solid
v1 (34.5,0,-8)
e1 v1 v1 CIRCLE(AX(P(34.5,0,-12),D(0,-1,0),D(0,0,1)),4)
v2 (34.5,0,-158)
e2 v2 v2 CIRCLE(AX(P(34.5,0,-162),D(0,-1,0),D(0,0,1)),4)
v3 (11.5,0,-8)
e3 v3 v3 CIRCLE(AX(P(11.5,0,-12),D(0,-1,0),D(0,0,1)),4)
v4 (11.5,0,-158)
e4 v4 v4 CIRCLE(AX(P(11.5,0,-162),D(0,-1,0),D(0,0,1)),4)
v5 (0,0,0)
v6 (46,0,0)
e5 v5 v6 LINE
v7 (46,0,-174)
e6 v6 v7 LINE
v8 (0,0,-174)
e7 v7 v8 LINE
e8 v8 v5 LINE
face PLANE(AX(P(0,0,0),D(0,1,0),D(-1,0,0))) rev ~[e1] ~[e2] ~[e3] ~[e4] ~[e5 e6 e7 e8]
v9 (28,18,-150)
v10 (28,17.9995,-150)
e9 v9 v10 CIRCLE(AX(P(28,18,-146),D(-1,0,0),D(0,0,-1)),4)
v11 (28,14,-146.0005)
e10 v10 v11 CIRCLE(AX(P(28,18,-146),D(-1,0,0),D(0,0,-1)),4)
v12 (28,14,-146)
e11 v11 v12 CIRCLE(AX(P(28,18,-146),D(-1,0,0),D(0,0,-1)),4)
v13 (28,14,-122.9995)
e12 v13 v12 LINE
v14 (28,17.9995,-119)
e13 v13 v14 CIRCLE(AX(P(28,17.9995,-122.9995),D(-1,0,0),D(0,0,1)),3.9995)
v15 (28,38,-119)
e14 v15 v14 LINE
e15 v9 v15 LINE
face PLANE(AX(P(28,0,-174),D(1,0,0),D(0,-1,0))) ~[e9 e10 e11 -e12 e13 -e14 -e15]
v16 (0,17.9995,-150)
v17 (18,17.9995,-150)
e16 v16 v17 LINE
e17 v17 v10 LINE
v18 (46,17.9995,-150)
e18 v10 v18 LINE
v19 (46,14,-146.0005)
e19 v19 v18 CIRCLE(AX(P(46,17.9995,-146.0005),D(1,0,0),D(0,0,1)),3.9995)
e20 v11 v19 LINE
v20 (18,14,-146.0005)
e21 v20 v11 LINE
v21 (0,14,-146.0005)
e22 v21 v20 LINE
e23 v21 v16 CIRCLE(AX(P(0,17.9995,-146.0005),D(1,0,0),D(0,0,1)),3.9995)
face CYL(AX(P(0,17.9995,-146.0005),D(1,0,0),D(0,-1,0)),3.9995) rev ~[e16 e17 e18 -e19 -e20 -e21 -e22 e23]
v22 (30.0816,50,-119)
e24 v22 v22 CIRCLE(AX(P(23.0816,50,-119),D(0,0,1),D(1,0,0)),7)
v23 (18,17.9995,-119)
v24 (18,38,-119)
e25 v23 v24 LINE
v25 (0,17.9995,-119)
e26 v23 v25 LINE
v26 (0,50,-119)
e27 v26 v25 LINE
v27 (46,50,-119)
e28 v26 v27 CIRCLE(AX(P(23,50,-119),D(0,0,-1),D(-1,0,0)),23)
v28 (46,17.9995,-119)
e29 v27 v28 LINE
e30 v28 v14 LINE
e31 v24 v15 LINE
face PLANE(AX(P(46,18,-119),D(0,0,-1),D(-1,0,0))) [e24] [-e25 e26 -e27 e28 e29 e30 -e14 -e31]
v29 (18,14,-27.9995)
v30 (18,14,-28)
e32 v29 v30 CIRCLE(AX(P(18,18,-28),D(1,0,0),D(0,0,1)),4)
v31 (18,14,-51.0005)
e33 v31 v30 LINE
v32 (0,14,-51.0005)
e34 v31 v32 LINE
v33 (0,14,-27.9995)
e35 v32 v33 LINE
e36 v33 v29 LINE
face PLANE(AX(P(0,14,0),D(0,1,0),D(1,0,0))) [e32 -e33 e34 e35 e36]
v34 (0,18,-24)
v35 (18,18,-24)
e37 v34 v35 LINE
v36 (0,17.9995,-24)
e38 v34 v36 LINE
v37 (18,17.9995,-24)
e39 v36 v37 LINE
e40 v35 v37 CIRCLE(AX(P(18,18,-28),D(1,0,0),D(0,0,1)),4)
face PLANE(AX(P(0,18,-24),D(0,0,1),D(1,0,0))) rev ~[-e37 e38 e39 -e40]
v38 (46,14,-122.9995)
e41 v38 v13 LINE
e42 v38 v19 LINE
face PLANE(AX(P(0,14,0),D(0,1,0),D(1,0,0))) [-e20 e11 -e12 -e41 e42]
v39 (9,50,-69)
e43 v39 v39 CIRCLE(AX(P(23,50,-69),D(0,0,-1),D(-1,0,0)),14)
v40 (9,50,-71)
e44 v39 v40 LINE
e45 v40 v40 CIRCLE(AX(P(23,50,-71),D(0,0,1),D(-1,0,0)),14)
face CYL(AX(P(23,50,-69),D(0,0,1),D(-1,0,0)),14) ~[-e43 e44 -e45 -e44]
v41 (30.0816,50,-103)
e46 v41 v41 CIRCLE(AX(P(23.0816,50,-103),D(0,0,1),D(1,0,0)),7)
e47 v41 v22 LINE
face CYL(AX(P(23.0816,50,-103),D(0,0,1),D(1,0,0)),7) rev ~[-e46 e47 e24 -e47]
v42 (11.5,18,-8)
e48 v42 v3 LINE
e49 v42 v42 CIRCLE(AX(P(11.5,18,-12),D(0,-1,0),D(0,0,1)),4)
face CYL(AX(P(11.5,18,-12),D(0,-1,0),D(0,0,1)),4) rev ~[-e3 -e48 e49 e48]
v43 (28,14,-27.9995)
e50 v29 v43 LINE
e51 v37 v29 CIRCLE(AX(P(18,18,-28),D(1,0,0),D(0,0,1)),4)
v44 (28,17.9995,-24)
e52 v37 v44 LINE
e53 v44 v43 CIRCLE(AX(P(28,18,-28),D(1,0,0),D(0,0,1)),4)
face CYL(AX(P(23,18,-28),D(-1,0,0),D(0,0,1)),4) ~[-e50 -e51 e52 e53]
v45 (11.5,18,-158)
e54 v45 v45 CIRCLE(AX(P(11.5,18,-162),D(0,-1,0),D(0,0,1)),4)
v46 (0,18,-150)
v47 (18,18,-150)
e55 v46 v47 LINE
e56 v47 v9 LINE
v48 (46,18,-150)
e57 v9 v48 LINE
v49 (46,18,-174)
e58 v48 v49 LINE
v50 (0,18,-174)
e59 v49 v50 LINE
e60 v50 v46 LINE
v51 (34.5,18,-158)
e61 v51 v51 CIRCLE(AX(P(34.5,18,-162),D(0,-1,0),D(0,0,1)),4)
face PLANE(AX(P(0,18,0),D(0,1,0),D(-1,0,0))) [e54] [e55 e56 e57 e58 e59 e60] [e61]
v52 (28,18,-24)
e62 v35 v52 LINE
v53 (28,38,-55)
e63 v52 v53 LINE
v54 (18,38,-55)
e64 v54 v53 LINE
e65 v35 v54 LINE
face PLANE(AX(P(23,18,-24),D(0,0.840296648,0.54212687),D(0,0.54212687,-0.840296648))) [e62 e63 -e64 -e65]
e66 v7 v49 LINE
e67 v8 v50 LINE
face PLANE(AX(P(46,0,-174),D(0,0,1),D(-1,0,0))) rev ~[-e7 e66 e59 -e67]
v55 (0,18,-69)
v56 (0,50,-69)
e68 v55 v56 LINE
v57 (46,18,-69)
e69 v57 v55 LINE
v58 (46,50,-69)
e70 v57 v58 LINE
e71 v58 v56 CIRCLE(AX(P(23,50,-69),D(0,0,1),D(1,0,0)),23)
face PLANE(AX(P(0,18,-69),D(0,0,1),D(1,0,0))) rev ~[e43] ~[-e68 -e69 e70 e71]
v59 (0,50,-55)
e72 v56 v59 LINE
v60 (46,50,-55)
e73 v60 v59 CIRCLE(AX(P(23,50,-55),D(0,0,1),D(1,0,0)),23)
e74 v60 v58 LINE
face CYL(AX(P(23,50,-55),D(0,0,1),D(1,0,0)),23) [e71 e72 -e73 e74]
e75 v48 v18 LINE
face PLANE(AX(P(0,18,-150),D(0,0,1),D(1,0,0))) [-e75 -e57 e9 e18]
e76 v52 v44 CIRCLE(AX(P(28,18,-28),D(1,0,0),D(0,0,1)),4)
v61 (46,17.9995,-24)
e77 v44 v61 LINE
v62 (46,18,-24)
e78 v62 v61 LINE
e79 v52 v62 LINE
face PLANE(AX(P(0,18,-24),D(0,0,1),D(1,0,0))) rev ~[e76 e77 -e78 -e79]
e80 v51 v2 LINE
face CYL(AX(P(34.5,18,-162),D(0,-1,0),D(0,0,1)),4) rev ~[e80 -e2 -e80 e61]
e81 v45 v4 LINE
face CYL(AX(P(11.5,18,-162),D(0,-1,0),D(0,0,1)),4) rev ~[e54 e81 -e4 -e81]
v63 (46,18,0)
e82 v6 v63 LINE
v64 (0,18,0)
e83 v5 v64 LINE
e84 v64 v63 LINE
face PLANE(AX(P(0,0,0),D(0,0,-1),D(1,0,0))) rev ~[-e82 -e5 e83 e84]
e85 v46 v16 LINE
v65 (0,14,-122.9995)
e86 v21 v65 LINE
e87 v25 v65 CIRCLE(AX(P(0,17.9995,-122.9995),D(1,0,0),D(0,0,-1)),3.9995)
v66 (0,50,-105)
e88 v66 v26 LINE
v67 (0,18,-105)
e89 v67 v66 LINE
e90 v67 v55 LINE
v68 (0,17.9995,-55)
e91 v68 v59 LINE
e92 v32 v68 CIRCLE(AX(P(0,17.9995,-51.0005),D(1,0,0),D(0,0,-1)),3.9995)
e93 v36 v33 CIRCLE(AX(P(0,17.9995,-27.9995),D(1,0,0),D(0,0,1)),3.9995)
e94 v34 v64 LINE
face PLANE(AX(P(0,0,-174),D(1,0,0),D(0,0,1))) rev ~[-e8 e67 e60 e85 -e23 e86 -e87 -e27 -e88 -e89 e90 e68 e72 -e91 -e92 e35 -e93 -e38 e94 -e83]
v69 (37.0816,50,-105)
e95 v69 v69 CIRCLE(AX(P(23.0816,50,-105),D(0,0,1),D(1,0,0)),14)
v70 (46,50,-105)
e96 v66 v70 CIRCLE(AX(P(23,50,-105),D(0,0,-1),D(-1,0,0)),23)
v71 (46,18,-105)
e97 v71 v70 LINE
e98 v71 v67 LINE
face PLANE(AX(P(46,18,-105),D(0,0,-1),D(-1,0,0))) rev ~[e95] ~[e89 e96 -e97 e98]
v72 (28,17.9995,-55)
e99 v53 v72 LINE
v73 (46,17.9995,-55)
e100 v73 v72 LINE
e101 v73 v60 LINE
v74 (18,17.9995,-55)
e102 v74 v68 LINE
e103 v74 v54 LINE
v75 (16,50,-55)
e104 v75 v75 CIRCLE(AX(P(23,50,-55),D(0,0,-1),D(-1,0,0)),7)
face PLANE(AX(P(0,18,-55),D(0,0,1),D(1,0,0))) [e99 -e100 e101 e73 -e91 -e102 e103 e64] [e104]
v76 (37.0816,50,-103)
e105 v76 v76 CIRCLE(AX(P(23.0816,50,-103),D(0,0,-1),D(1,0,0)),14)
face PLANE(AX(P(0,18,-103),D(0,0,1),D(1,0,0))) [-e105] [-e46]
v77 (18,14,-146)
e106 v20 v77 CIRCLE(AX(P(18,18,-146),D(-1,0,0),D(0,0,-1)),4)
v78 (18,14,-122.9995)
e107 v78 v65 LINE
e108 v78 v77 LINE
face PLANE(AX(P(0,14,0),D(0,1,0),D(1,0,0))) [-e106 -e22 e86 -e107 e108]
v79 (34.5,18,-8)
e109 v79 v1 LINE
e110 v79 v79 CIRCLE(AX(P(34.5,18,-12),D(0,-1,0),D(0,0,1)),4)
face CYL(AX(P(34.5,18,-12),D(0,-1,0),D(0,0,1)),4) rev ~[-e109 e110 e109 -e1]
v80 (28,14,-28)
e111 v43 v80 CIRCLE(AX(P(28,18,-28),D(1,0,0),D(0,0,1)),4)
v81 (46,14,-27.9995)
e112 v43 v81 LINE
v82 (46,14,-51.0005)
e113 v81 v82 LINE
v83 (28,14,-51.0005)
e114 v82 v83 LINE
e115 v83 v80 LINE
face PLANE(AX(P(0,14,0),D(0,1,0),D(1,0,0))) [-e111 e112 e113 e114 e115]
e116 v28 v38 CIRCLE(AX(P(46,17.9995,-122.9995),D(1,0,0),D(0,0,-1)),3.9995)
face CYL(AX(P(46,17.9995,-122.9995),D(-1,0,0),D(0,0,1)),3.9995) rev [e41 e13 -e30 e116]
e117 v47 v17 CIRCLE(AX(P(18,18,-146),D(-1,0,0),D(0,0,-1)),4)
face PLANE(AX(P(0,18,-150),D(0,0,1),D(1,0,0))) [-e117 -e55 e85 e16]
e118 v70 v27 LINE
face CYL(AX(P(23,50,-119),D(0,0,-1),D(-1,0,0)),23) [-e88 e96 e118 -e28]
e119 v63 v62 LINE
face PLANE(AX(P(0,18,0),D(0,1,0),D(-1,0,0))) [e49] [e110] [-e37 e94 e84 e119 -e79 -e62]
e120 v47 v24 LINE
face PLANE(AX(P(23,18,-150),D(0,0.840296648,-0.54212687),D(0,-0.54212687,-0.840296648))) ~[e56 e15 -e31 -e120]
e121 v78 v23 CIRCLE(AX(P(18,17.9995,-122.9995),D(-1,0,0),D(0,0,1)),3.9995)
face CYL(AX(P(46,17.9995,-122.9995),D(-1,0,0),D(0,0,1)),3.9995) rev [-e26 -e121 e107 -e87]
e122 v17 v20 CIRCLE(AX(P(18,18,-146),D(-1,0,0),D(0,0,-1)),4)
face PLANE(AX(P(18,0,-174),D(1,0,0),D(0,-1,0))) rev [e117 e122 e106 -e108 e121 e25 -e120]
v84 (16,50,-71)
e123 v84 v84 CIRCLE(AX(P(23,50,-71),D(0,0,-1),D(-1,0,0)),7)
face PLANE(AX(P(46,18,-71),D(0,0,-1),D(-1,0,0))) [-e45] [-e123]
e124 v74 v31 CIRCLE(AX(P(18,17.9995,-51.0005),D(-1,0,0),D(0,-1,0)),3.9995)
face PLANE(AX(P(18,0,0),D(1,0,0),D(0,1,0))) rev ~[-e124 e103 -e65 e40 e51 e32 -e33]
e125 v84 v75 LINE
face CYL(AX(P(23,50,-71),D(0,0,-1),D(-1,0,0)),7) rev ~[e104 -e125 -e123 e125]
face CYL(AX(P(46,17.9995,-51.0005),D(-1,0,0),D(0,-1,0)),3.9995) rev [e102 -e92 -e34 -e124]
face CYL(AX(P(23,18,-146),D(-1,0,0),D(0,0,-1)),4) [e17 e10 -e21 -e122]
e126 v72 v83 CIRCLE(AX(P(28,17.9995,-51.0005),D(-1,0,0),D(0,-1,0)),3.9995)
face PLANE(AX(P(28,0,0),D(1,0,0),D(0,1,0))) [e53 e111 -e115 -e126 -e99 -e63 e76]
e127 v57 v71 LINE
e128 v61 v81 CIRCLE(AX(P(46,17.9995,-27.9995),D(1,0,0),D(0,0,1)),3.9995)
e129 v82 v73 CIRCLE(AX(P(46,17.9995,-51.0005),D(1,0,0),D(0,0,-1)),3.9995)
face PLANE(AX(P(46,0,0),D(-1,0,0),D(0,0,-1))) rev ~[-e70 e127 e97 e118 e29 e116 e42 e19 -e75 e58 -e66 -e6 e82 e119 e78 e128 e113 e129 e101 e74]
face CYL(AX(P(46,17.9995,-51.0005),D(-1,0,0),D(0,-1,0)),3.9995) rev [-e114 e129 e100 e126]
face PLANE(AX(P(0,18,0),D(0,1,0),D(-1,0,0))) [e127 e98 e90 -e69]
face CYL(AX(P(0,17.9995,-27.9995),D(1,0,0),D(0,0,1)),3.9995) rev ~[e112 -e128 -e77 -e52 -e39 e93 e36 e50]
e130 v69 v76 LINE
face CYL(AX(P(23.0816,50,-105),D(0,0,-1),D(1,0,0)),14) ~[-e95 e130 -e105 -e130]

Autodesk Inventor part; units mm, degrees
ref_plane "XZ Plane" through (0, 0, 0) normal (0, 1, 0) x (-1, 0, 0)
sketch "Sketch1" plane through (0, 0, 0) normal (0, 1, 0) x (-1, 0, 0)
  line L0 (0, 0) -> (-46, 0)
  line L1 (-46, 0) -> (-46, -174)
  line L2 (-46, -174) -> (0, -174)
  line L3 (0, -174) -> (0, 0)
  dimension "d0" = 46
  dimension "d1" = 174
extrude "Extrusion1" add sketch "Sketch1" along normal blind 18
sketch "Sketch2" plane through (0, 18, 0) normal (0, 1, 0) x (1, 0, 0)
  line L0 (0, 0) -> (0, 24)
  line L1 (0, 174) -> (0, 0) projected
  line L2 (46, 0) -> (46, 174) projected
  line L3 (0, 24) -> (46, 24)
  line L4 (46, 24) -> (46, 55)
  line L5 (46, 55) -> (0, 55)
  line L6 (0, 55) -> (0, 24)
  line L7 (0, 174) -> (0, 150)
  line L8 (0, 150) -> (46, 150)
  line L9 (46, 150) -> (46, 119)
  line L10 (46, 119) -> (0, 119)
  line L11 (0, 119) -> (0, 150)
  dimension "d4" = 24
  dimension "d5" = 31
  dimension "d6" = 24
  dimension "d7" = 31
extrude "Extrusion2" cut sketch "Sketch2" against normal blind 4 contours L8 L2 L10 L1 | L5 L2 L3 L1
fillet "Fillet1" radius 4 4 edges at (23, 14, -24) (23, 14, -119) (23, 14, -55) (23, 14, -150)
sketch "Sketch3" plane through (0, 18, 0) normal (0, 1, 0) x (1, 0, 0)
  line L0 (46, 150) -> (46, 174) projected
  line L1 (46, 162) -> (0, 162)
  line L2 (46, 174) -> (0, 174) projected
  line L3 (23, 174) -> (23, 150)
  line L4 (23, 174) -> (34.5, 174)
  line L5 (34.5, 174) -> (34.5, 150)
  line L6 (0, 150) -> (46, 150) projected
  line L7 (23, 174) -> (11.5, 174)
  line L8 (11.5, 174) -> (11.5, 150)
  line L9 (0, 0) -> (46, 0) projected
  line L10 (23, 0) -> (23, 24)
  line L11 (46, 24) -> (0, 24) projected
  line L12 (46, 0) -> (46, 174) projected
  line L13 (46, 12) -> (0, 12)
  line L14 (34.5, 0) -> (34.5, 24)
  line L15 (11.5, 0) -> (11.5, 24)
  circle A0 centre (34.5, 12) radius 4
  circle A1 centre (11.5, 12) radius 4
  circle A2 centre (34.5, 162) radius 4
  circle A3 centre (11.5, 162) radius 4
  dimension "d11" = 11.5
  dimension "d12" = 11.5
  dimension "d13" = 8
  dimension "d14" = 8
  dimension "d15" = 8
  dimension "d16" = 8
hole "Hole1" at (34.5, 18, -12) at (11.5, 18, -12) at (34.5, 18, -162) at (11.5, 18, -162) direction (0, -1, 0) diameter 8 depth 18 tip angle 120
sketch "Sketch4" plane through (0, 18, 0) normal (0, 1, 0) x (1, 0, 0)
  line L0 (0, 55) -> (46, 55) projected
  line L1 (46, 0) -> (46, 174) projected
  line L2 (0, 55) -> (46, 55)
  line L3 (46, 55) -> (46, 69)
  line L4 (46, 69) -> (0, 69)
  line L5 (0, 69) -> (0, 55)
  line L6 (46, 119) -> (0, 119) projected
  line L7 (0, 119) -> (46, 119)
  line L8 (46, 119) -> (46, 105)
  line L9 (46, 105) -> (0, 105)
  line L10 (0, 105) -> (0, 119)
  point P0 (0, 0)
  dimension "d24" = 14
  dimension "d25" = 14
extrude "Extrusion3" add sketch "Sketch4" along normal blind 32
sketch "Sketch8" plane through (46, 18, -119) normal (0, 0, -1) x (-1, 0, 0)
  line L0 (0, 32) -> (46, 32) projected
  circle A0 centre (23, 32) radius 23
  point P0 (46, -18)
  dimension "d35" = 46
sketch "Sketch9" plane through (0, 18, -55) normal (0, 0, 1) x (1, 0, 0)
  line L0 (46, 32) -> (0, 32) projected
  circle A0 centre (23, 32) radius 23
  point P0 (0, -18)
  dimension "d36" = 46
extrude "Extrusion6" add sketch "Sketch9" against normal blind 14 contours L0 A0 picked at (25.7186, 39.1685)
extrude "Extrusion7" add sketch "Sketch8" against normal blind 14 contours A0 L0 picked at (25.7186, 39.1685)
sketch "Sketch14" plane through (46, 18, -69) normal (0, 0, -1) x (-1, 0, 0)
  line L0 (0, -18) -> (46, -18) projected
  line L1 (0, -18) -> (0, 32)
  line L2 (0, 32) -> (46, 32)
  circle A0 centre (23, 32) radius 14
  dimension "d51" = 50
  dimension "d52" = 28
extrude "Extrusion10" add sketch "Sketch14" along normal blind 2
sketch "Sketch15" plane through (0, 18, -105) normal (0, 0, 1) x (1, 0, 0)
  line L0 (0, -18) -> (0, 32)
  line L1 (0, 32) -> (46.1632, 32)
  line L2 (0, -18) -> (0, 0) projected
  circle A0 centre (23.0816, 32) radius 14
  dimension "d55" = 50
  dimension "d56" = 28
extrude "Extrusion11" add sketch "Sketch15" along normal blind 2
sketch "Sketch16" plane through (23, 50, -71) normal (0, 0, -1) x (-1, 0, 0)
  circle A0 centre (0, 0) radius 7
  point P0 (23, -50)
  dimension "d59" = 14
extrude "Extrusion12" cut sketch "Sketch16" against normal blind 16
sketch "Sketch17" plane through (23.0816, 50, -103) normal (0, 0, 1) x (1, 0, 0)
  circle A0 centre (0, 0) radius 7
  point P0 (-23.0816, -50)
  dimension "d62" = 14
extrude "Extrusion13" cut sketch "Sketch17" against normal blind 16
ref_plane "Work Plane1" through (23, 0, 0) normal (1, 0, 0) x (0, 1, 0)
sketch "Sketch21" plane through (23, 0, 0) normal (1, 0, 0) x (0, 1, 0)
  line L0 (18, -55) -> (50, -55) projected
  line L1 (50, -55) -> (38, -55)
  line L2 (38, -55) -> (14, -55)
  line L3 (14, -55) -> (14, -24)
  arc A0 (18, -24) -> (14, -28) centre (18, -28) ccw projected
  line L4 (14, -24) -> (18, -24)
  line L5 (18, -24) -> (38, -55)
  line L6 (14, -55) -> (38, -55)
  line L7 (18, -24) -> (14, -24)
  line L8 (14, -55) -> (14, -24)
  line L9 (18, -24) -> (14, -24)
  point P0 (0, 0)
  dimension "d73" = 12
extrude "Extrusion16" add sketch "Sketch21" along normal mid plane 10 contours L2 L3 A0 L5 L0
ref_plane "Work Plane2" through (0, 0, -87) normal (0, 0, 1) x (1, 0, 0)
mirror "Mirror1" about plane through (0, 0, -87) normal (0, 0, 1) of "Extrusion16"
properties part number "Semelle" material "Iron, Cast"
